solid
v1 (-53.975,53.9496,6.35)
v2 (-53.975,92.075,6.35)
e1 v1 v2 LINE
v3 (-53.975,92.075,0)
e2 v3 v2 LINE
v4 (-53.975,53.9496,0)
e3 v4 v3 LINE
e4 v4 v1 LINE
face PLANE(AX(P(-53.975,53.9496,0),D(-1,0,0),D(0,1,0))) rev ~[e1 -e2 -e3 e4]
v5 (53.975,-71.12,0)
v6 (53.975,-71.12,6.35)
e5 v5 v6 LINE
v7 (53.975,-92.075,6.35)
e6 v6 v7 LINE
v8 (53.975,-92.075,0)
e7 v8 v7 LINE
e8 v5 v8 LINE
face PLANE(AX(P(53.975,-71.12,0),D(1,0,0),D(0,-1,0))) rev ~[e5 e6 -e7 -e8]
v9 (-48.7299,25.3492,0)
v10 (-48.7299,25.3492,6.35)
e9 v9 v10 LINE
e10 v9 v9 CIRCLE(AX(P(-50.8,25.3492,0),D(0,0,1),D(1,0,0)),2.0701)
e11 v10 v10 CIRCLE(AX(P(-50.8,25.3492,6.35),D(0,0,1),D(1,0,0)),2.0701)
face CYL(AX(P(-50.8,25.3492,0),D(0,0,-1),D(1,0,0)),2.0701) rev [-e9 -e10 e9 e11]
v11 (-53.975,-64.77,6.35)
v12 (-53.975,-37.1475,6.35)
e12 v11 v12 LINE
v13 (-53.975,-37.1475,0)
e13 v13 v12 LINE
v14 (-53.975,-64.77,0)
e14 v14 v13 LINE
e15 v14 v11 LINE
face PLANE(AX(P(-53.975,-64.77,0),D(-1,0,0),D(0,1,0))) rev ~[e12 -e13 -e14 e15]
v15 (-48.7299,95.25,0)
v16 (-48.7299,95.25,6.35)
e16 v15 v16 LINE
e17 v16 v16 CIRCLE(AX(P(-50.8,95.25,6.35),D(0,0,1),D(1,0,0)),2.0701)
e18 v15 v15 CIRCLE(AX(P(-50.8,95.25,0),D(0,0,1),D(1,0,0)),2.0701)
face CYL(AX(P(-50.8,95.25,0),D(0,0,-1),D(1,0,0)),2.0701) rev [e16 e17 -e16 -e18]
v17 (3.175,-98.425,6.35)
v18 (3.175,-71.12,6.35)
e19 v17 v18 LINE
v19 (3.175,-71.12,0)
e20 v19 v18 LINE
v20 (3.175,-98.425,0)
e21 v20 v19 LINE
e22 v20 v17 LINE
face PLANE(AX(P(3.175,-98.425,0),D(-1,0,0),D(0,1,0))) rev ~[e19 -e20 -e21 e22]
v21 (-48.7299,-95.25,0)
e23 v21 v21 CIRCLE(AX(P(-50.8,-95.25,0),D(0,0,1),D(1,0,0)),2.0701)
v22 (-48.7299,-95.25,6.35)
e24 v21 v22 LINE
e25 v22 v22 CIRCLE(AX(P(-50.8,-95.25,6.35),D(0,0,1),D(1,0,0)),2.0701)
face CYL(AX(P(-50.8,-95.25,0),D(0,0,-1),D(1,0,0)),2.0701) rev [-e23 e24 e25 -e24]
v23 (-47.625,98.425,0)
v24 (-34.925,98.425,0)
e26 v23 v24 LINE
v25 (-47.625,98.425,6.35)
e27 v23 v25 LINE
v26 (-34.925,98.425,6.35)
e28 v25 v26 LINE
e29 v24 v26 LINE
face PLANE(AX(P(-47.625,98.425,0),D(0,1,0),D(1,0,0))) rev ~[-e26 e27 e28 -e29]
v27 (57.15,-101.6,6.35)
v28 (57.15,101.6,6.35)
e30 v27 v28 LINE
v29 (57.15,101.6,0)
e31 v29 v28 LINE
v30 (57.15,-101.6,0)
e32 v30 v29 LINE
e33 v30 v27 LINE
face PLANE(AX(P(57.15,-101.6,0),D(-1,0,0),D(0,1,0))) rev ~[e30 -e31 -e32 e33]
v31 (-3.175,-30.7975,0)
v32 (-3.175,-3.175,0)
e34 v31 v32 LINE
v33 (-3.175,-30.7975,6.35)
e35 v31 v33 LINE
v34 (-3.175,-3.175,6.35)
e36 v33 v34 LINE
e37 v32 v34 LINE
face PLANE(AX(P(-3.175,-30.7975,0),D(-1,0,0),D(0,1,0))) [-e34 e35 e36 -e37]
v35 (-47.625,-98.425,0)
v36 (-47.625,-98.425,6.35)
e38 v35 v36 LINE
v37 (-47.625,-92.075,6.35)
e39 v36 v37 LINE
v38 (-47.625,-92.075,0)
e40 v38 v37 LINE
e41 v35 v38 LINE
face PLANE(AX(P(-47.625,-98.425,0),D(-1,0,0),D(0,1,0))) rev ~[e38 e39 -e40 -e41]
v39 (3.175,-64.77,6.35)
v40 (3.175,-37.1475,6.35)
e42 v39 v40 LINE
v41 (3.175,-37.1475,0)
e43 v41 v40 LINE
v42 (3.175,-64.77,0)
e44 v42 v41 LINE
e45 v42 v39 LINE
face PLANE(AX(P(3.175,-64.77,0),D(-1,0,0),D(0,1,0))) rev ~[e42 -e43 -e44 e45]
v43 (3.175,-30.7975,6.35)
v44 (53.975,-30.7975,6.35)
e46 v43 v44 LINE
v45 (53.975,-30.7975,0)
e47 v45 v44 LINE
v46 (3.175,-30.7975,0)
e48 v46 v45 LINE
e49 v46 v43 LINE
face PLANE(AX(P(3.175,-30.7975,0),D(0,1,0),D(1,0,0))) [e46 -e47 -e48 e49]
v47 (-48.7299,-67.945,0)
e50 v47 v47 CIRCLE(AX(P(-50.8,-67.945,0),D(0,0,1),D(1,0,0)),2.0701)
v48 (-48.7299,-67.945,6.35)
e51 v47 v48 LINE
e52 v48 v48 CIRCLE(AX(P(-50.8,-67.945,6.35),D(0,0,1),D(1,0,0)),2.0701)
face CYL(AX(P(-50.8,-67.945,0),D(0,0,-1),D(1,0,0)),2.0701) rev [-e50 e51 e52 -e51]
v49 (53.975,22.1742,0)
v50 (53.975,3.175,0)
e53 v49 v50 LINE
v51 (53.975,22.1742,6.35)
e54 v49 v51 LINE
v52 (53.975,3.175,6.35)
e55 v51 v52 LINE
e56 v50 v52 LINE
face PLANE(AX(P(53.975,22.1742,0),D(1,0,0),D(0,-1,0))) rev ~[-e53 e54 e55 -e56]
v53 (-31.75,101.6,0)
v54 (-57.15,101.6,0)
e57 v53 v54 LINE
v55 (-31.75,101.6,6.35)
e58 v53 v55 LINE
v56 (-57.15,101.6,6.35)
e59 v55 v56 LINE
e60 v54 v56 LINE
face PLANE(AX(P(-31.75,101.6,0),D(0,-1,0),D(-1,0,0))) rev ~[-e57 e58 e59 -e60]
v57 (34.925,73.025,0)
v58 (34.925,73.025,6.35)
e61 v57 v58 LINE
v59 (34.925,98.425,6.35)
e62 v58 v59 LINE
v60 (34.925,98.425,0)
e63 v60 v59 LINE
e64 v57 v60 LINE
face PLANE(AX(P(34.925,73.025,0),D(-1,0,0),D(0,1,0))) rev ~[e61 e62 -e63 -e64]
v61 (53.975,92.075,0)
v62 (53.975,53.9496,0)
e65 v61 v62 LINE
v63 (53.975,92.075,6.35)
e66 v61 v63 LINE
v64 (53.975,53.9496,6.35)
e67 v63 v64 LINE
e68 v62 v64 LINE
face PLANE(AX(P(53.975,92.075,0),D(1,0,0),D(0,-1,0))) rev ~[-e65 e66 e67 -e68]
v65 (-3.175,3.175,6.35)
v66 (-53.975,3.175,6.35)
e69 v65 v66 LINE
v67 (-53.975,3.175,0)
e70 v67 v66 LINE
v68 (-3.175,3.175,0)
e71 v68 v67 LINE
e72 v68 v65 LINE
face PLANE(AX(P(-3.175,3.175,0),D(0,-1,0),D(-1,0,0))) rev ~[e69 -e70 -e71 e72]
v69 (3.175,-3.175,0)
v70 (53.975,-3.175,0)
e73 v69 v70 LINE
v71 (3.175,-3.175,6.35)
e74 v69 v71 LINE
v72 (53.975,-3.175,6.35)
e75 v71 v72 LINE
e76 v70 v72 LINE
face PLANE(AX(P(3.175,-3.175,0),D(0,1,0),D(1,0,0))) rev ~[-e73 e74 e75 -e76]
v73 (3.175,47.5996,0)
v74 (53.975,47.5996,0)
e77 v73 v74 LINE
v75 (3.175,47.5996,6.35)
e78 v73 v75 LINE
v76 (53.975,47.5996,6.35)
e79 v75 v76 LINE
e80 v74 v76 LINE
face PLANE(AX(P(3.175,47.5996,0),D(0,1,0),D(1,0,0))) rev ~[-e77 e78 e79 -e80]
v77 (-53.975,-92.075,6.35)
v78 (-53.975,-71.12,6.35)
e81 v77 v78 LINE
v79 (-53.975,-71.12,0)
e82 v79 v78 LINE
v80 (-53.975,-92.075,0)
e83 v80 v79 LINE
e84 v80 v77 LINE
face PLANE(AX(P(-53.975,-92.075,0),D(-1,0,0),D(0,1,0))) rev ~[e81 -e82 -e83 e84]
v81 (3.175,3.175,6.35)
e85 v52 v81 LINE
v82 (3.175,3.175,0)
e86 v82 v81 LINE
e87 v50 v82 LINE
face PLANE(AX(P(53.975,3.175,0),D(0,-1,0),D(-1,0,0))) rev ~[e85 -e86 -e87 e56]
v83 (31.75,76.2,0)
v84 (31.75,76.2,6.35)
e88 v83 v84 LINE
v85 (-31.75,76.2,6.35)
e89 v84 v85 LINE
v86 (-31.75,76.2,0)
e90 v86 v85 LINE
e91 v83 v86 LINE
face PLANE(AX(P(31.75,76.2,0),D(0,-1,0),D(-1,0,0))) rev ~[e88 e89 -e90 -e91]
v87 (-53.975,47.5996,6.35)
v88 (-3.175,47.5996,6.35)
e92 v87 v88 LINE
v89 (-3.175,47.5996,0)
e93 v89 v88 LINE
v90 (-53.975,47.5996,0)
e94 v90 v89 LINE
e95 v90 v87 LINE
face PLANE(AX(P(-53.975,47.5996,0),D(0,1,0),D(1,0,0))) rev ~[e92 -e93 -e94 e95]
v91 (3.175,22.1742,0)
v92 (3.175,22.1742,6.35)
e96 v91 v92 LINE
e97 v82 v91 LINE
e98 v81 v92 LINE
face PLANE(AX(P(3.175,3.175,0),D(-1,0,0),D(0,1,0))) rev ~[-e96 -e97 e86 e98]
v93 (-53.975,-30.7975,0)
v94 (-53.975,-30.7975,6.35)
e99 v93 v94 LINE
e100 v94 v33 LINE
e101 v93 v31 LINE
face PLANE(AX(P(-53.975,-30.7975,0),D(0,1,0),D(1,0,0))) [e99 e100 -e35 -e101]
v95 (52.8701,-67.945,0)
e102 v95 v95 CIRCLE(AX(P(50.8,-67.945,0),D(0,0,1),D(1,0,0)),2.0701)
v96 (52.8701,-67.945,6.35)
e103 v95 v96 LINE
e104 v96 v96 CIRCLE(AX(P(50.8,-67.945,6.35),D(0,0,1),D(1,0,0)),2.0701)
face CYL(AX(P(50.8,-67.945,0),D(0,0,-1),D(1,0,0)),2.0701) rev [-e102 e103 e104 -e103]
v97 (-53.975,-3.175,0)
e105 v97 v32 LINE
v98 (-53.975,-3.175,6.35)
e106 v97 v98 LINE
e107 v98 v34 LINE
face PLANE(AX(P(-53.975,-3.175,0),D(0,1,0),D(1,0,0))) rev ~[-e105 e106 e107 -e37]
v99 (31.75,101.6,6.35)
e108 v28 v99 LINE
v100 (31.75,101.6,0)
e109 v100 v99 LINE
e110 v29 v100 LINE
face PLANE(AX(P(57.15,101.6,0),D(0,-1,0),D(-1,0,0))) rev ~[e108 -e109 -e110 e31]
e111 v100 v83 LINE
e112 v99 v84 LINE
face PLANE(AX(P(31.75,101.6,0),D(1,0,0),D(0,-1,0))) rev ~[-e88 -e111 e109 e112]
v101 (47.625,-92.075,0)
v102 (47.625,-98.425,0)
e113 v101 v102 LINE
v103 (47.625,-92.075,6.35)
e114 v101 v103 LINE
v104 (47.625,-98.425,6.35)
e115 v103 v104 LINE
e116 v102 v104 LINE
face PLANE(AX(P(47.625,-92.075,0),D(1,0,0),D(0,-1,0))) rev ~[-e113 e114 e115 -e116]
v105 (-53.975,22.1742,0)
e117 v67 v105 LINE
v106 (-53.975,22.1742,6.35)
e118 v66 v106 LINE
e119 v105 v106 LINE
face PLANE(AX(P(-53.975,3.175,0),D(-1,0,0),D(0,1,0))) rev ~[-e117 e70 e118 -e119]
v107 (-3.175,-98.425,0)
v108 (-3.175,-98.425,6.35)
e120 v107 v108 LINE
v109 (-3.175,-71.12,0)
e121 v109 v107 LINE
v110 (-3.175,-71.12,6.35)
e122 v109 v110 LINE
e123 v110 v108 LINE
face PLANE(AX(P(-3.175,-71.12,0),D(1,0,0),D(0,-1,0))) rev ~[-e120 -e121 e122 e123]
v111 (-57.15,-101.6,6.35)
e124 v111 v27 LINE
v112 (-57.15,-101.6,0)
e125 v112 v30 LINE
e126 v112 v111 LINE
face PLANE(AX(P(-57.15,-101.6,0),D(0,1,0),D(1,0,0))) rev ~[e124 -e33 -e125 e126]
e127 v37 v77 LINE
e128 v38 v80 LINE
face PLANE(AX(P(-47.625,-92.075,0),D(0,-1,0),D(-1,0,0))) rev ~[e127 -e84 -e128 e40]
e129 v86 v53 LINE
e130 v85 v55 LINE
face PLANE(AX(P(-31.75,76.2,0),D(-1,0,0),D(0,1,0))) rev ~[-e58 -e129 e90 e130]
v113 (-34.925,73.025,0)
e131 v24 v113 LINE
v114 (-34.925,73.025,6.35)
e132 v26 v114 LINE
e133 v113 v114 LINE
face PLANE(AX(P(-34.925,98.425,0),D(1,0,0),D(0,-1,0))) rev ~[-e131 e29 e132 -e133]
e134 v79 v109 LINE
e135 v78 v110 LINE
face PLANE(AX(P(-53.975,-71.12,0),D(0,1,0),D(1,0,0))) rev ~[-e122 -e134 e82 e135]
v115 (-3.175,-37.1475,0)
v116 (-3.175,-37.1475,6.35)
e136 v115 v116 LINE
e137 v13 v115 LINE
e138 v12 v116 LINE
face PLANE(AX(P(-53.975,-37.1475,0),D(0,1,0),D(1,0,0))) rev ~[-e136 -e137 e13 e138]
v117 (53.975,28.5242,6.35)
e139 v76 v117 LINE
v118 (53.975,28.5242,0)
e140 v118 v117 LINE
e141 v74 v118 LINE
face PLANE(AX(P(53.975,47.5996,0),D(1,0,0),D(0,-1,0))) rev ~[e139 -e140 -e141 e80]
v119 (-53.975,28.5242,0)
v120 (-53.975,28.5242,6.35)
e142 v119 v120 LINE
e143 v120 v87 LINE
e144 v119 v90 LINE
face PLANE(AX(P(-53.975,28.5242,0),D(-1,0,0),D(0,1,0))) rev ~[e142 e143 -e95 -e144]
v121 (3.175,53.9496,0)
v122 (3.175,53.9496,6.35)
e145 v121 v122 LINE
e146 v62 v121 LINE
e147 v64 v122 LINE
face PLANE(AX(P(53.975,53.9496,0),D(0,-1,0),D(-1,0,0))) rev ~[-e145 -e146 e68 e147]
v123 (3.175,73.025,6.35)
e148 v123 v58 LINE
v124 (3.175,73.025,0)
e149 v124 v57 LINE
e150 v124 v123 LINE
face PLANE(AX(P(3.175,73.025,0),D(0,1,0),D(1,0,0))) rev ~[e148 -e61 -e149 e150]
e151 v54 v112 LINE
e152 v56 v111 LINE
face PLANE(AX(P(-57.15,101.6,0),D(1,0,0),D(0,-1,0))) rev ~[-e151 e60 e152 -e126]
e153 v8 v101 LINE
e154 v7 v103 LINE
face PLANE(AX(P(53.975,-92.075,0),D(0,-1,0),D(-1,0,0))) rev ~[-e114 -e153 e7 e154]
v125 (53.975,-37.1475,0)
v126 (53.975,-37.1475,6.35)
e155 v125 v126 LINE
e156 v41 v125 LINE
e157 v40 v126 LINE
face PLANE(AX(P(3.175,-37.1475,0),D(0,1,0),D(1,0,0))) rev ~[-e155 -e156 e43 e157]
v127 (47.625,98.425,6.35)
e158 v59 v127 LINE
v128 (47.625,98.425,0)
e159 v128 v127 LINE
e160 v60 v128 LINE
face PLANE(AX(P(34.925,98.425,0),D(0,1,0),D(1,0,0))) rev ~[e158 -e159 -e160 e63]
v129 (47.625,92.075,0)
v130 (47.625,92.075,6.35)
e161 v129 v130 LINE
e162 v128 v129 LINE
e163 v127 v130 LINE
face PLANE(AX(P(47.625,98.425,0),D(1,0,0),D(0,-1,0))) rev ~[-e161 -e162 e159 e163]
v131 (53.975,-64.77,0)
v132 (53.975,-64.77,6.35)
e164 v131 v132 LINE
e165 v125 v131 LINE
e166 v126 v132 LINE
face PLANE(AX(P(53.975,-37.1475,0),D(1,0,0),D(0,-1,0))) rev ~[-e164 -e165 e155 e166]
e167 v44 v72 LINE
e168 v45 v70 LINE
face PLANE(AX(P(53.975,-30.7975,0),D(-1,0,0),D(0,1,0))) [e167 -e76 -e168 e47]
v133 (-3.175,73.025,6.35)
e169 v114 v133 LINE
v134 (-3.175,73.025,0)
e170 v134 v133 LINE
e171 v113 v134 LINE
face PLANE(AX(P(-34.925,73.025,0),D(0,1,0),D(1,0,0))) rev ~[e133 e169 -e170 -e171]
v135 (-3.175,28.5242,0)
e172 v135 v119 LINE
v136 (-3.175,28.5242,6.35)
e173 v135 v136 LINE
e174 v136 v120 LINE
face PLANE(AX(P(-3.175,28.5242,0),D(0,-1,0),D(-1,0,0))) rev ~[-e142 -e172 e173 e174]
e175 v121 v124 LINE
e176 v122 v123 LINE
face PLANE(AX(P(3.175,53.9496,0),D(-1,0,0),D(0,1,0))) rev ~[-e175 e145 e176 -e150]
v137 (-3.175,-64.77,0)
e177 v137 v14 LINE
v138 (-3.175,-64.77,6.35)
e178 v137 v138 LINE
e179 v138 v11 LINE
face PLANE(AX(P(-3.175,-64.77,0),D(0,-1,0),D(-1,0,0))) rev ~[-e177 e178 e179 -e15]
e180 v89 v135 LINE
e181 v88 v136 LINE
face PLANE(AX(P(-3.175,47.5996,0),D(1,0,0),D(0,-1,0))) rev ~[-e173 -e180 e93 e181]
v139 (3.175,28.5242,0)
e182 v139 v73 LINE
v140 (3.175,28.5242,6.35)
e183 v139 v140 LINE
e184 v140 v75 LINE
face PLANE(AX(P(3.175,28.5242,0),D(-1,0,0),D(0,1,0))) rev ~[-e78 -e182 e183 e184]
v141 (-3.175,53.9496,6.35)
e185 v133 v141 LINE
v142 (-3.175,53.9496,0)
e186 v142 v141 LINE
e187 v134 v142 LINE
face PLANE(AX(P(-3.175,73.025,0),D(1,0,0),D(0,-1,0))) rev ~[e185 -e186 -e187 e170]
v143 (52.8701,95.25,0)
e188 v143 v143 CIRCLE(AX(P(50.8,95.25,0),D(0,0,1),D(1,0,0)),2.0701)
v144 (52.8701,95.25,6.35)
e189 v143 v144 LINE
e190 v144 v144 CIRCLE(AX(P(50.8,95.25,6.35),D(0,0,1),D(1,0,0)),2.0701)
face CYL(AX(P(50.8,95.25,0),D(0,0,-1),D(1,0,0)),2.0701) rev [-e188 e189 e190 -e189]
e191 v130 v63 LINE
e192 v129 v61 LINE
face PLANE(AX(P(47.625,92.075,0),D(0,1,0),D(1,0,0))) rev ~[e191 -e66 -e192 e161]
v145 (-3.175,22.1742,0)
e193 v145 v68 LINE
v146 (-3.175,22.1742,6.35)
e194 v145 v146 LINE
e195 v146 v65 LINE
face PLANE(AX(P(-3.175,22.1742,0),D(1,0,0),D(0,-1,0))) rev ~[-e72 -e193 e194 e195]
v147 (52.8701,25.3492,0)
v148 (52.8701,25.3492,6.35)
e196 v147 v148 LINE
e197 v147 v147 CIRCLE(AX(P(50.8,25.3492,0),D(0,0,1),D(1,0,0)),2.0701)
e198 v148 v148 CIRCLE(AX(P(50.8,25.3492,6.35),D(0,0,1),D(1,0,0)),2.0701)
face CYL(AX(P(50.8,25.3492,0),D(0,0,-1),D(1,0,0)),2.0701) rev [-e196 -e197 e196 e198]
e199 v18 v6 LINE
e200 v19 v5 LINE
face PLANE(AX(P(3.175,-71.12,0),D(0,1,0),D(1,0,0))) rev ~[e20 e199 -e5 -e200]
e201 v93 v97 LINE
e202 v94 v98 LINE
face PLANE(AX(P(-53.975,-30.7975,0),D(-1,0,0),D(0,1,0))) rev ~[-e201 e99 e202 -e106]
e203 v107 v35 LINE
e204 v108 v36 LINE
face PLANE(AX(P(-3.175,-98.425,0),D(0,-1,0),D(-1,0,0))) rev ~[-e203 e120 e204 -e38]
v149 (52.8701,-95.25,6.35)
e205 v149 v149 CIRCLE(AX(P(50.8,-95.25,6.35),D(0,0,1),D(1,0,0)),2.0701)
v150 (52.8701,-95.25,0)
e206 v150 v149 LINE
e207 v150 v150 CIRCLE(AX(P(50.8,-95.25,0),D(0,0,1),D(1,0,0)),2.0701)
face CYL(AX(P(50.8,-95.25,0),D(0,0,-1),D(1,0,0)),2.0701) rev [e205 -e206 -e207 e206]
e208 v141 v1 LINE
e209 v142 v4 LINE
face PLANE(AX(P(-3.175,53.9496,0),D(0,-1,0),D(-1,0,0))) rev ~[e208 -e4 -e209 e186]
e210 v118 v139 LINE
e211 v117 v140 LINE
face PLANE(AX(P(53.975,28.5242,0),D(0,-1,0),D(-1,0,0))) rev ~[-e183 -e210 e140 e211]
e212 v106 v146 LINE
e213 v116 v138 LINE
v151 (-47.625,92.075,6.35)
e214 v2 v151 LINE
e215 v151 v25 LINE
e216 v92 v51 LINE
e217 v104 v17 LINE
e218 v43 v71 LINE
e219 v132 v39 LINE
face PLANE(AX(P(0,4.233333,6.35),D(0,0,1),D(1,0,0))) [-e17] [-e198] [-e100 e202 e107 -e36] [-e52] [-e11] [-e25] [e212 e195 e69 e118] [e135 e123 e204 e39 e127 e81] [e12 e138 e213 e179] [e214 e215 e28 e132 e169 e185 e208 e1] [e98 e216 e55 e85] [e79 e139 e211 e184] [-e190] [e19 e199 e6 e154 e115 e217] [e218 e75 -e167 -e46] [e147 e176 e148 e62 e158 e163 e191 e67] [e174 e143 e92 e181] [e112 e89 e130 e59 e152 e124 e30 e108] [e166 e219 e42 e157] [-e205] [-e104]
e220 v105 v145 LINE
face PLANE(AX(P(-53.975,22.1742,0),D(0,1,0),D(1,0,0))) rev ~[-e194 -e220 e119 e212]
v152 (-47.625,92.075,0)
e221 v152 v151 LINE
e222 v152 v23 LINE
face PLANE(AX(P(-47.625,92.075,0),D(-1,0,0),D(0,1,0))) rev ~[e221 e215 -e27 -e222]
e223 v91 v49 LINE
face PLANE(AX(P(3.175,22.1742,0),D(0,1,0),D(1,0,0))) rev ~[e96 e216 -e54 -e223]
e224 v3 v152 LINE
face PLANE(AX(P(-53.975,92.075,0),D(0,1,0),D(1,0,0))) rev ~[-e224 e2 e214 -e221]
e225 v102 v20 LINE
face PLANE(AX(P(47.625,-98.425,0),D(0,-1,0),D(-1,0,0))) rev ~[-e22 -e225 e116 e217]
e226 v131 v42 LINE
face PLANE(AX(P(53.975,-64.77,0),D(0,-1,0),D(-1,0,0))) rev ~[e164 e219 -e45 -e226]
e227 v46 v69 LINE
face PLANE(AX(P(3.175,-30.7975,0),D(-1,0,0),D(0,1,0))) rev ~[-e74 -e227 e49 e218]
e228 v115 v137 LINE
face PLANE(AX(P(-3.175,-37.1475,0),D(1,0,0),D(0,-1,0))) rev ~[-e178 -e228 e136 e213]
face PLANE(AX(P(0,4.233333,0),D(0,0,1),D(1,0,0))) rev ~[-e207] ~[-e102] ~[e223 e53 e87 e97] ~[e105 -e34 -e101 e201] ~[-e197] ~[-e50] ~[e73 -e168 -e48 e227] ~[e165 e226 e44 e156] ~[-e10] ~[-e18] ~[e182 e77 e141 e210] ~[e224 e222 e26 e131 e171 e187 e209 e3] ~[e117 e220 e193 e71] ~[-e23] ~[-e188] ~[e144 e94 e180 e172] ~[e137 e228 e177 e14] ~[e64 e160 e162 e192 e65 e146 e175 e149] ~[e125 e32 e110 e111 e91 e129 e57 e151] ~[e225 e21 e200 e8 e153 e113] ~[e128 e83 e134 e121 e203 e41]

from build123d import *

# Parameters (mm, degrees)
F0_R     = 2.0701
F0_W     = 50.8
F0_H     = 27.6225
F1_DEPTH = 6.35


with BuildPart() as f1:
    # F0 (on Top) → F1 (new body)
    with BuildSketch(Plane.XY):
        Polygon((31.75, 76.2), (0, 76.2), (-31.75, 76.2), (-31.75, 101.6), (-57.15, 101.6), (-57.15, -101.6), (0, -101.6), (57.15, -101.6), (57.15, 101.6), (31.75, 101.6), align=None)
        with Locations((-50.8, -95.25)):
            Circle(F0_R, mode=Mode.SUBTRACT)
        with Locations((-50.8, -67.945)):
            Circle(F0_R, mode=Mode.SUBTRACT)
        Polygon((-3.175, -98.425), (-47.625, -98.425), (-47.625, -92.075), (-53.975, -92.075), (-53.975, -71.12), (-47.625, -71.12), (-3.175, -71.12), align=None, mode=Mode.SUBTRACT)
        Polygon((-47.625, -64.77), (-53.975, -64.77), (-53.975, -37.1475), (-3.175, -37.1475), (-3.175, -64.77), align=None, mode=Mode.SUBTRACT)
        with Locations((-28.575, -16.98625)):
            Rectangle(F0_W, F0_H, mode=Mode.SUBTRACT)
        Polygon((47.625, -71.12), (53.975, -71.12), (53.975, -92.075), (47.625, -92.075), (47.625, -98.425), (3.175, -98.425), (3.175, -71.12), align=None, mode=Mode.SUBTRACT)
        with Locations((50.8, -95.25)):
            Circle(F0_R, mode=Mode.SUBTRACT)
        Polygon((53.975, -37.1475), (53.975, -64.77), (47.625, -64.77), (3.175, -64.77), (3.175, -37.1475), align=None, mode=Mode.SUBTRACT)
        with Locations((50.8, -67.945)):
            Circle(F0_R, mode=Mode.SUBTRACT)
        with Locations((28.575, -16.98625)):
            Rectangle(F0_W, F0_H, mode=Mode.SUBTRACT)
        with Locations((-50.8, 25.3492)):
            Circle(F0_R, mode=Mode.SUBTRACT)
        Polygon((-53.975, 3.175), (-53.975, 22.1742), (-47.625, 22.1742), (-3.175, 22.1742), (-3.175, 3.175), align=None, mode=Mode.SUBTRACT)
        Polygon((-53.975, 28.5242), (-53.975, 47.5996), (-3.175, 47.5996), (-3.175, 28.5242), (-47.625, 28.5242), align=None, mode=Mode.SUBTRACT)
        with Locations((-50.8, 95.25)):
            Circle(F0_R, mode=Mode.SUBTRACT)
        Polygon((-34.925, 73.025), (-3.175, 73.025), (-3.175, 53.9496), (-53.975, 53.9496), (-53.975, 92.075), (-47.625, 92.075), (-47.625, 98.425), (-34.925, 98.425), align=None, mode=Mode.SUBTRACT)
        Polygon((53.975, 3.175), (3.175, 3.175), (3.175, 22.1742), (47.625, 22.1742), (53.975, 22.1742), align=None, mode=Mode.SUBTRACT)
        with Locations((50.8, 25.3492)):
            Circle(F0_R, mode=Mode.SUBTRACT)
        Polygon((3.175, 47.5996), (53.975, 47.5996), (53.975, 28.5242), (47.625, 28.5242), (3.175, 28.5242), align=None, mode=Mode.SUBTRACT)
        Polygon((3.175, 53.9496), (3.175, 73.025), (34.925, 73.025), (34.925, 98.425), (47.625, 98.425), (47.625, 92.075), (53.975, 92.075), (53.975, 53.9496), align=None, mode=Mode.SUBTRACT)
        with Locations((50.8, 95.25)):
            Circle(F0_R, mode=Mode.SUBTRACT)
    extrude(amount=F1_DEPTH)


solid = f1.part
